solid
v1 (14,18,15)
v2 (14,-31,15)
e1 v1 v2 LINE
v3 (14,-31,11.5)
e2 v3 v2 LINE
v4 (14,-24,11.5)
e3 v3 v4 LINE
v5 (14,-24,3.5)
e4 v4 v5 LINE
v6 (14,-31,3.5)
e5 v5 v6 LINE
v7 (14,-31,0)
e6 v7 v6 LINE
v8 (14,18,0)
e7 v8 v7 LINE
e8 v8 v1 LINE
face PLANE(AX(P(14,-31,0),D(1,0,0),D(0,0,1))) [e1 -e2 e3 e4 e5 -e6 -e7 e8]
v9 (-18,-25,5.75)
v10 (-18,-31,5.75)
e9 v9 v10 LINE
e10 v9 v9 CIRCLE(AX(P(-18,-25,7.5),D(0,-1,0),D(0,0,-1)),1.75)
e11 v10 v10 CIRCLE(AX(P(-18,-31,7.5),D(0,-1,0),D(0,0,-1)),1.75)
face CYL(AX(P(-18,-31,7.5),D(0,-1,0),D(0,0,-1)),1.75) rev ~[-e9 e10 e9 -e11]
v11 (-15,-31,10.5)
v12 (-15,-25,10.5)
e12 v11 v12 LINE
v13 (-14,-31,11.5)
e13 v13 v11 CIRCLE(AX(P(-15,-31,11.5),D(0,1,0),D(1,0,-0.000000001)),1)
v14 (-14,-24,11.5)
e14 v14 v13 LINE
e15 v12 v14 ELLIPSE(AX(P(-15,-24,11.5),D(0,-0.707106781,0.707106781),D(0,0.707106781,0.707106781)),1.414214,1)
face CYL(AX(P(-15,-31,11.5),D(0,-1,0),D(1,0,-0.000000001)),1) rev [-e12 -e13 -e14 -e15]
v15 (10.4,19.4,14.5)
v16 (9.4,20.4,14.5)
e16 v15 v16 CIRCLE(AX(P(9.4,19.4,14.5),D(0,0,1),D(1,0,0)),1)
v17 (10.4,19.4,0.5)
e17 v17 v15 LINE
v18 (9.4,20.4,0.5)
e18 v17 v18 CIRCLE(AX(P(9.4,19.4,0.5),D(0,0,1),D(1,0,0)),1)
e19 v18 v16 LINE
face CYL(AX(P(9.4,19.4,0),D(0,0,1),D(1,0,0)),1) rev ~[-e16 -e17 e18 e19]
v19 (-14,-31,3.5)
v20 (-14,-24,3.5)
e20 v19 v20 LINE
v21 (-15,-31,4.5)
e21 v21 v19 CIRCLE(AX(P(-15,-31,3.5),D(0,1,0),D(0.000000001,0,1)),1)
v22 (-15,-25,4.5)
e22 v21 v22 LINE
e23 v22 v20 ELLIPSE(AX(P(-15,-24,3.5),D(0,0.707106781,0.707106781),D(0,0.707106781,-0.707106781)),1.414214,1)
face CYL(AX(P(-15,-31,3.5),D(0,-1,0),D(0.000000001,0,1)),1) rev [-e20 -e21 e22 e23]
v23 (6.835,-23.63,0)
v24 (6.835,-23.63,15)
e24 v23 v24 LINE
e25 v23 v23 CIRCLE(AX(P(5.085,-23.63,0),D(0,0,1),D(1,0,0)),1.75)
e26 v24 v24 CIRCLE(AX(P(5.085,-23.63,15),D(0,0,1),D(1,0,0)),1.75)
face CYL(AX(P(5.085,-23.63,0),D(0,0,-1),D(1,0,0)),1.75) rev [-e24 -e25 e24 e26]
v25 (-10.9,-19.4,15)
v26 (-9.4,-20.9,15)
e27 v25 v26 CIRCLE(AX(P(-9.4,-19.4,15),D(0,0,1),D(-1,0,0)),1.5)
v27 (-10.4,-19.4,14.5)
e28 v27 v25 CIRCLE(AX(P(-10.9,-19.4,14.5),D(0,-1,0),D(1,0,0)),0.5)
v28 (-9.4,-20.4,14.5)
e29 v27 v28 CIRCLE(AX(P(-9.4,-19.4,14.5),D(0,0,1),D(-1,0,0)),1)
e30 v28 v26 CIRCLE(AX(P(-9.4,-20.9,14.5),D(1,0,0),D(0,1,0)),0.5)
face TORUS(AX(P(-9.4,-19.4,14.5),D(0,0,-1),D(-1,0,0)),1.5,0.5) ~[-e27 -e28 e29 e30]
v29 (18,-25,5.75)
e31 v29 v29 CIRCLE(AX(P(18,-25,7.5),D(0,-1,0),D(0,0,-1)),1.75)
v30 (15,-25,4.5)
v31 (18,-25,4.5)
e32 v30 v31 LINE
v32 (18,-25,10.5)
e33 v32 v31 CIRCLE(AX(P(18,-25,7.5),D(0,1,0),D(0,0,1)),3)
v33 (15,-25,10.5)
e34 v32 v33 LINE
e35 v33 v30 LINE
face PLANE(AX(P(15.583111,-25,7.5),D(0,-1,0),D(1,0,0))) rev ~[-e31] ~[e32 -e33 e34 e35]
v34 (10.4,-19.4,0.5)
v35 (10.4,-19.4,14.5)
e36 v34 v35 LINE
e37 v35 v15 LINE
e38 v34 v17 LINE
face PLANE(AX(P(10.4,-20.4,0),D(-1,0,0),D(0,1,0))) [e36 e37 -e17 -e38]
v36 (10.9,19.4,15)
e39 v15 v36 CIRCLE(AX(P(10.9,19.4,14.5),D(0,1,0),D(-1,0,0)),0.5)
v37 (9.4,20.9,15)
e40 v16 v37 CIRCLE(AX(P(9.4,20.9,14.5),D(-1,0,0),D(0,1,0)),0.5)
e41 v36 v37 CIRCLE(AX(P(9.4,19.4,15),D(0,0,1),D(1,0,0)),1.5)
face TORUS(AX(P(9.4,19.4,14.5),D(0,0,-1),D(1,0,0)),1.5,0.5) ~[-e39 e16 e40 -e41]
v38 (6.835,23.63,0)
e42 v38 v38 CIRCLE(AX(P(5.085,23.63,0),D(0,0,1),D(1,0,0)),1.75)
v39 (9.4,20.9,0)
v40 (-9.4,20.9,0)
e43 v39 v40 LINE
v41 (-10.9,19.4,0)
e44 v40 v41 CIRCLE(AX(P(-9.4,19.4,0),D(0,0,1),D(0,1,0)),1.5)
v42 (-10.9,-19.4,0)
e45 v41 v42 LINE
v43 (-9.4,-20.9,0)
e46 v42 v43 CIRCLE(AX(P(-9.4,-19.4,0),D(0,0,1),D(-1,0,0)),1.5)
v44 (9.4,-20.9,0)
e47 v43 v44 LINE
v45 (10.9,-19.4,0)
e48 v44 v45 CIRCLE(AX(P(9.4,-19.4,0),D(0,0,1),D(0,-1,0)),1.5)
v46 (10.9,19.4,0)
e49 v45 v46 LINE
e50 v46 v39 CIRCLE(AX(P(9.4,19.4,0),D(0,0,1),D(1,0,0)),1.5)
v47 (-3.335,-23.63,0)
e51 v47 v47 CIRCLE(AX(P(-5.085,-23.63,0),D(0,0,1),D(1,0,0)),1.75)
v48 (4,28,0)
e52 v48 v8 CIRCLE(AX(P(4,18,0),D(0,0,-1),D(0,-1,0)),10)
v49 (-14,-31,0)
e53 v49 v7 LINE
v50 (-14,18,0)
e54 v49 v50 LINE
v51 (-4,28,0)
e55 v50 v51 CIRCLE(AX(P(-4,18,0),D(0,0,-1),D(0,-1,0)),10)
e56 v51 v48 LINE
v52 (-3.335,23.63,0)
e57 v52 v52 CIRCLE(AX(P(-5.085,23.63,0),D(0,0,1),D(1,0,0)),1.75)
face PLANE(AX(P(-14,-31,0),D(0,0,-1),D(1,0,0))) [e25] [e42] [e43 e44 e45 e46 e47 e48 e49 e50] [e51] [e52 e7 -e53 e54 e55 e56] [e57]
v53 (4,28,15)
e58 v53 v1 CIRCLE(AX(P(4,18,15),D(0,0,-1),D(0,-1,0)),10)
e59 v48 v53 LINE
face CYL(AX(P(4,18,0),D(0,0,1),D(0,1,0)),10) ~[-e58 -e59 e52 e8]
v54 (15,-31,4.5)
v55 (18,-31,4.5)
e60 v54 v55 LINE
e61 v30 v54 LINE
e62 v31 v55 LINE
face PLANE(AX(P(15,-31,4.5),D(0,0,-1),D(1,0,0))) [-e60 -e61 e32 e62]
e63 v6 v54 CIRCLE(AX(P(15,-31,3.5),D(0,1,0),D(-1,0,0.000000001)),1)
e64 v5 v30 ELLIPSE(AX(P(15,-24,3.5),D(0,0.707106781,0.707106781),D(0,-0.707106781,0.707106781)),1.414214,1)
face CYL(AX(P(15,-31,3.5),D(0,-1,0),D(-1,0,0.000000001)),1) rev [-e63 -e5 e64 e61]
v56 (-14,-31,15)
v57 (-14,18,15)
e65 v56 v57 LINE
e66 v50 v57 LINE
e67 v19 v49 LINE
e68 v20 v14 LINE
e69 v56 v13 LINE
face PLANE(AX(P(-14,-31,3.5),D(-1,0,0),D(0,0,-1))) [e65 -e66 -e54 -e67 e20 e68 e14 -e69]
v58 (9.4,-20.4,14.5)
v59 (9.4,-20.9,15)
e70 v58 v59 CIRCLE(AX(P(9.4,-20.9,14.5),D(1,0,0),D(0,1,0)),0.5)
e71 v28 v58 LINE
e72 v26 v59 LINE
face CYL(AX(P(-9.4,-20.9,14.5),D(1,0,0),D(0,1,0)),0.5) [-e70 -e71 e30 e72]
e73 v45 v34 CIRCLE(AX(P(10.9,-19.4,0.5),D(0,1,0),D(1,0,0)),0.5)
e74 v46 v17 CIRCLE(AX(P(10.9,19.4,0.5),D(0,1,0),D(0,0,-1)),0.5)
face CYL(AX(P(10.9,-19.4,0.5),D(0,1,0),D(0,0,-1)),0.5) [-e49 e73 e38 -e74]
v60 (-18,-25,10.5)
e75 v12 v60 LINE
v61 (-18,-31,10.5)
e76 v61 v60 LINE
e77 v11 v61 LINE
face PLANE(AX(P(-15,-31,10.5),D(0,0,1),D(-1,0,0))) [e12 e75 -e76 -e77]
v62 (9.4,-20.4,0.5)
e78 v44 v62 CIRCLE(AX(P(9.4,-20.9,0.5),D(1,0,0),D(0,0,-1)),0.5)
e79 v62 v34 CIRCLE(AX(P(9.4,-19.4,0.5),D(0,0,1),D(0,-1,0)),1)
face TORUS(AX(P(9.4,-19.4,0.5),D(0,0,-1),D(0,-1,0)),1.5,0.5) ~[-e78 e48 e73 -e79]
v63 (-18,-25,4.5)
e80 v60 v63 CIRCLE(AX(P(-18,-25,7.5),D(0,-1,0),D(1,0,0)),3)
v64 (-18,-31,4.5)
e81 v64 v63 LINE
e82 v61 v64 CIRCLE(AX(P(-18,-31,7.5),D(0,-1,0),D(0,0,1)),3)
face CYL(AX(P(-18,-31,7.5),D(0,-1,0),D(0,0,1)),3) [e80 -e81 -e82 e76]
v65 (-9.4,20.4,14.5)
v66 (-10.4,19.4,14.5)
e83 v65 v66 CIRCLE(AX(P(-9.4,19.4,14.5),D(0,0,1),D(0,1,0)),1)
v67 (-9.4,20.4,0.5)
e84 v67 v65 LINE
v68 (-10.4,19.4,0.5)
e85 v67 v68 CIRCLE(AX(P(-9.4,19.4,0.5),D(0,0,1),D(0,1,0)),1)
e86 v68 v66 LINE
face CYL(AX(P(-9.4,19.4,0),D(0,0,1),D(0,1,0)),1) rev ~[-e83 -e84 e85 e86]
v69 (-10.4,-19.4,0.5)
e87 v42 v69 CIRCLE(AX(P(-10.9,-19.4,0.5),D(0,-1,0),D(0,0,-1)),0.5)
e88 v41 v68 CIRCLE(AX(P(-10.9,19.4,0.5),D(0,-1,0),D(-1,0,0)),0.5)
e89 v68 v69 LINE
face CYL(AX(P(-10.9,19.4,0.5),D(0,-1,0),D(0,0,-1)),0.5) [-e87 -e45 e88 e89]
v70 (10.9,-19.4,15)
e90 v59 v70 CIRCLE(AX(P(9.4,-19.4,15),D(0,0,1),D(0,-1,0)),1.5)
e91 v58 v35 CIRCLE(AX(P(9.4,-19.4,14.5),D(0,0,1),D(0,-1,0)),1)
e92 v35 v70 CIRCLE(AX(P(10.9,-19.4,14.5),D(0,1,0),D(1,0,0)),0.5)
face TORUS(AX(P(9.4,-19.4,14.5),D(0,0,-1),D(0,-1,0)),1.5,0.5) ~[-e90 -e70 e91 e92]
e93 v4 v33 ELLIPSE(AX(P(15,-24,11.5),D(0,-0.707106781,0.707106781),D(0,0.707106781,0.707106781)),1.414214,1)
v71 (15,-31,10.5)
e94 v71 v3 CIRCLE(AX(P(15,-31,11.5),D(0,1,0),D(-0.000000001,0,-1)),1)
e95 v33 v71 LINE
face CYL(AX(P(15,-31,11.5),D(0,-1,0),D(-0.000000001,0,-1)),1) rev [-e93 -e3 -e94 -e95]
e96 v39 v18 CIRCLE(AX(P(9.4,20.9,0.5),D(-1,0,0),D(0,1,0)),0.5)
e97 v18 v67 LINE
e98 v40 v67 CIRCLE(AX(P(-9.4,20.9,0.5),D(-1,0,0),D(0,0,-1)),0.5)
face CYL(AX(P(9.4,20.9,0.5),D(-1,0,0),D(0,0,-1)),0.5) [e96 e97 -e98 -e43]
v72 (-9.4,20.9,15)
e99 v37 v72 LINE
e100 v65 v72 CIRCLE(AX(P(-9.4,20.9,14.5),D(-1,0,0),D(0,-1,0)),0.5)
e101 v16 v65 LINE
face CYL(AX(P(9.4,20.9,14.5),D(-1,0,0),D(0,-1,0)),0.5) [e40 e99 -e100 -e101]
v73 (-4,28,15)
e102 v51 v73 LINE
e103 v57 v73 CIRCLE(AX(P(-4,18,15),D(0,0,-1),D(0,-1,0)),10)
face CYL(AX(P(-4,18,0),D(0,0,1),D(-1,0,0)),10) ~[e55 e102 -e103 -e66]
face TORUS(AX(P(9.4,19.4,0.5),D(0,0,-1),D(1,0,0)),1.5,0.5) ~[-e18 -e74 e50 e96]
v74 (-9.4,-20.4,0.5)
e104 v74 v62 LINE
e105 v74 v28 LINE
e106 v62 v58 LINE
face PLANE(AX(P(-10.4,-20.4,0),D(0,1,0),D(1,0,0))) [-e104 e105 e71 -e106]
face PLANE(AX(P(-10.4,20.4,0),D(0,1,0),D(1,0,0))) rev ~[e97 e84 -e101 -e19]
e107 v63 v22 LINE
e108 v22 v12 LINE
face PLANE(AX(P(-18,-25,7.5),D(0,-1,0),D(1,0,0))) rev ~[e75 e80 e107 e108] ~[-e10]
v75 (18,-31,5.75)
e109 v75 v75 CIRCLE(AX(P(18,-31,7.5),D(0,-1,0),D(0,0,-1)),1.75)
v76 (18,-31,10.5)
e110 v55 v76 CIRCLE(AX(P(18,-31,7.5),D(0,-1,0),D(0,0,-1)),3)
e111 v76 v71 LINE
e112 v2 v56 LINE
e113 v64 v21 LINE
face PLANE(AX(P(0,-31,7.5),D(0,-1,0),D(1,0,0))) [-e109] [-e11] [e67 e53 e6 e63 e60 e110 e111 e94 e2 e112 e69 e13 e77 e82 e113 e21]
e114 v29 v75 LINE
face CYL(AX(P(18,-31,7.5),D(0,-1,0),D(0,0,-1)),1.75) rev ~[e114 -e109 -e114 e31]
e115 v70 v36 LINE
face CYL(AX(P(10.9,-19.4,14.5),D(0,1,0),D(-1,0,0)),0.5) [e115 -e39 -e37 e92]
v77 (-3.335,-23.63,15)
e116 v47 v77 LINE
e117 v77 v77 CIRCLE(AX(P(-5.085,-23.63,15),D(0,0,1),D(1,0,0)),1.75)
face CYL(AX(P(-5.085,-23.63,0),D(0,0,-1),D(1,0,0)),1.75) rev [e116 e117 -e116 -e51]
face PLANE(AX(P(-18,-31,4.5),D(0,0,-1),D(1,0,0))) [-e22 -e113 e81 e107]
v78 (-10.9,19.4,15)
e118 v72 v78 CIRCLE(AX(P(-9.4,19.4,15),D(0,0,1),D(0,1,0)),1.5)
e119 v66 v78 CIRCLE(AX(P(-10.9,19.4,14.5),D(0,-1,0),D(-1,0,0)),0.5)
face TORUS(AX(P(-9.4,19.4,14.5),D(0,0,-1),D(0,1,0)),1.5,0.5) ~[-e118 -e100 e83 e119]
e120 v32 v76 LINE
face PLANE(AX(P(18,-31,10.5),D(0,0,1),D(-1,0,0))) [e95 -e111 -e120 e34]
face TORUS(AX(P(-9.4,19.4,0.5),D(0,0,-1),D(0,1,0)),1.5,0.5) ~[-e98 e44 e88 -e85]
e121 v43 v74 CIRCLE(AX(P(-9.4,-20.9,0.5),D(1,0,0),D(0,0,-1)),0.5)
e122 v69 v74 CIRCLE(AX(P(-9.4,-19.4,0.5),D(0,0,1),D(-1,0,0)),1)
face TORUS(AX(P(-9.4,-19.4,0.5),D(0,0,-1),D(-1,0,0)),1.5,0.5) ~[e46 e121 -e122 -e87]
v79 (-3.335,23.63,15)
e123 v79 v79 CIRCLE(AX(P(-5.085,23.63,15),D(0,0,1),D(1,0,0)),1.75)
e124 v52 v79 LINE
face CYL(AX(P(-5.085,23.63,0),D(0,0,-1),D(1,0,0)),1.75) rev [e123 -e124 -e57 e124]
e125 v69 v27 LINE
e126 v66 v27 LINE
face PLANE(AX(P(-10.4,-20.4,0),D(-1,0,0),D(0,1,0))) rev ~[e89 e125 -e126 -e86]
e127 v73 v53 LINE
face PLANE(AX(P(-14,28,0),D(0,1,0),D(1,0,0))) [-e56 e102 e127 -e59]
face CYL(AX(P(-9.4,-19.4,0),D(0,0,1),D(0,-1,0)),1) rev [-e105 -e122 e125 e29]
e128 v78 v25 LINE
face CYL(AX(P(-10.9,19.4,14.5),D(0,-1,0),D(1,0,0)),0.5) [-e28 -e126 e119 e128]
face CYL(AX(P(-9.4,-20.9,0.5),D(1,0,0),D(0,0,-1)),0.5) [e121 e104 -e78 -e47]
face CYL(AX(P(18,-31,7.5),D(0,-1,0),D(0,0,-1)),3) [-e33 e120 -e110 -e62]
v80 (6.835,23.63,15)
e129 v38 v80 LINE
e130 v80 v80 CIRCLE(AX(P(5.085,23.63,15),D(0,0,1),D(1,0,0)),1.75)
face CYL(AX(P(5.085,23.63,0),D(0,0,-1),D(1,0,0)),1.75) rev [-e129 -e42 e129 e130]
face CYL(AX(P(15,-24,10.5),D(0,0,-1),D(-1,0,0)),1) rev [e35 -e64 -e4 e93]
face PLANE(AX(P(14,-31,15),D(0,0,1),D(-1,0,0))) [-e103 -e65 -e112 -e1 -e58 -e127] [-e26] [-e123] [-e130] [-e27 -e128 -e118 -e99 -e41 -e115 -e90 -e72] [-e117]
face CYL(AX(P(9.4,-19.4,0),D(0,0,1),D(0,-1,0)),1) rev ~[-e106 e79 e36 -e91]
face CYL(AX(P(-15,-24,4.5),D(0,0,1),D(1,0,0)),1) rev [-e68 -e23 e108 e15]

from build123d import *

# Parameters (mm, degrees)
SKETCH1_W           = 28
SKETCH1_H           = 56
SKETCH1_R           = 1.75
SKETCH1_W_2         = 20.8
SKETCH1_H_2         = 40.8
BOSS_EXTRUDE1_DEPTH = 15
FILLET1_R           = 10
FILLET2_R           = 1
FILLET3_R           = 0.5
SKETCH2_R           = 3
SKETCH2_R_2         = 1.75
BOSS_EXTRUDE2_DEPTH = 3
FILLET4_R           = 1
FILLET5_R           = 1
BOSS_EXTRUDE3_START = 3
SKETCH3_R           = 1.75
BOSS_EXTRUDE3_DEPTH = 3


with BuildPart() as part:
    # Sketch1 → Boss-Extrude1 (new body)
    with BuildSketch(Plane.XY):
        Rectangle(SKETCH1_W, SKETCH1_H)
        with Locations((-5.085, 23.63)):
            Circle(SKETCH1_R, mode=Mode.SUBTRACT)
        with Locations((5.085, 23.63)):
            Circle(SKETCH1_R, mode=Mode.SUBTRACT)
        with Locations((-5.085, -23.63)):
            Circle(SKETCH1_R, mode=Mode.SUBTRACT)
        with Locations((5.085, -23.63)):
            Circle(SKETCH1_R, mode=Mode.SUBTRACT)
        Rectangle(SKETCH1_W_2, SKETCH1_H_2, mode=Mode.SUBTRACT)
    extrude(amount=BOSS_EXTRUDE1_DEPTH)

    # Fillet1
    fillet1_edges = [part.edges().sort_by_distance(p)[0] for p in [
        (-14, 28, 7.5),
        (14, 28, 7.5),
    ]]
    fillet(fillet1_edges, radius=FILLET1_R)

    # Fillet2
    fillet2_edges = [part.edges().sort_by_distance(p)[0] for p in [
        (10.4, -20.4, 7.5),
        (10.4, 20.4, 7.5),
        (-10.4, 20.4, 7.5),
        (-10.4, -20.4, 7.5),
    ]]
    fillet(fillet2_edges, radius=FILLET2_R)

    # Fillet3
    fillet3_edges = [part.edges().sort_by_distance(p)[0] for p in [
        (0, -20.4, 0),
        (0, -20.4, 15),
        (10.4, 0, 0),
        (10.4, 0, 15),
        (-10.4, 0, 0),
        (-10.4, 0, 15),
        (0, 20.4, 0),
        (0, 20.4, 15),
        (10.107106781, -20.107106781, 0),
        (10.107106781, -20.107106781, 15),
        (-10.107106781, -20.107106781, 0),
        (-10.107106781, -20.107106781, 15),
        (-10.107106781, 20.107106781, 0),
        (-10.107106781, 20.107106781, 15),
        (10.107106781, 20.107106781, 0),
        (10.107106781, 20.107106781, 15),
    ]]
    fillet(fillet3_edges, radius=FILLET3_R)

    # Sketch2 → Boss-Extrude2 (add)
    # profile 1 of 4: a face of its own
    with BuildSketch(Plane.XZ.offset(28)):
        with Locations((-18, 7.5)):
            Circle(SKETCH2_R)
        with Locations(Location((-18, 7.5, 0), (0, 0, 270))):
            Circle(SKETCH2_R_2, mode=Mode.SUBTRACT)
    # profile 2 of 4: a face of its own
    with BuildSketch(Plane.XZ.offset(28)):
        with BuildLine():
            Line((-18, 4.5), (-14, 4.5))
            Line((-14, 4.5), (-14, 10.5))
            Line((-14, 10.5), (-18, 10.5))
            ThreePointArc((-18, 10.5), (-15.878679656, 9.621320344), (-15, 7.5))
            ThreePointArc((-15, 7.5), (-15.878679656, 5.378679656), (-18, 4.5))
        make_face()
    # profile 3 of 4: a face of its own
    with BuildSketch(Plane.XZ.offset(28)):
        with BuildLine():
            Line((14, 4.5), (18, 4.5))
            ThreePointArc((18, 4.5), (15, 7.5), (18, 10.5))
            Line((18, 10.5), (14, 10.5))
            Line((14, 10.5), (14, 4.5))
        make_face()
    # profile 4 of 4: a face of its own
    with BuildSketch(Plane.XZ.offset(28)):
        with Locations((18, 7.5)):
            Circle(SKETCH2_R)
        with Locations(Location((18, 7.5, 0), (0, 0, 270))):
            Circle(SKETCH2_R_2, mode=Mode.SUBTRACT)
    extrude(amount=-BOSS_EXTRUDE2_DEPTH)

    # Fillet4
    fillet4_edges = [part.edges().sort_by_distance(p)[0] for p in [
        (-14, -25, 7.5),
        (14, -25, 7.5),
    ]]
    fillet(fillet4_edges, radius=FILLET4_R)

    # Fillet5
    fillet5_edges = [part.edges().sort_by_distance(p)[0] for p in [
        (14, -26, 10.5),
        (14, -26, 4.5),
        (-14, -26, 4.5),
        (-14, -26, 10.5),
    ]]
    fillet(fillet5_edges, radius=FILLET5_R)

    # Sketch3 → Boss-Extrude3 (add)
    with BuildSketch(Plane.XZ.offset(28).offset(BOSS_EXTRUDE3_START)):
        with BuildLine():
            Line((-14, 0), (14, 0))
            Line((14, 0), (14, 3.5))
            ThreePointArc((14, 3.5), (14.292893219, 4.207106781), (15, 4.5))
            Line((15, 4.5), (18, 4.5))
            ThreePointArc((18, 4.5), (21, 7.5), (18, 10.5))
            Line((18, 10.5), (15, 10.5))
            ThreePointArc((15, 10.5), (14.292893219, 10.792893219), (14, 11.5))
            Line((14, 11.5), (14, 15))
            Line((14, 15), (-14, 15))
            Line((-14, 15), (-14, 11.5))
            ThreePointArc((-14, 11.5), (-14.292893219, 10.792893219), (-15, 10.5))
            Line((-15, 10.5), (-18, 10.5))
            ThreePointArc((-18, 10.5), (-21, 7.5), (-18, 4.5))
            Line((-18, 4.5), (-15, 4.5))
            ThreePointArc((-15, 4.5), (-14.292893219, 4.207106781), (-14, 3.5))
            Line((-14, 3.5), (-14, 0))
        make_face()
        with Locations(Location((18, 7.5, 0), (0, 0, 270))):
            Circle(SKETCH3_R, mode=Mode.SUBTRACT)
        with Locations(Location((-18, 7.5, 0), (0, 0, 270))):
            Circle(SKETCH3_R, mode=Mode.SUBTRACT)
    extrude(amount=-BOSS_EXTRUDE3_DEPTH)


solid = part.part
